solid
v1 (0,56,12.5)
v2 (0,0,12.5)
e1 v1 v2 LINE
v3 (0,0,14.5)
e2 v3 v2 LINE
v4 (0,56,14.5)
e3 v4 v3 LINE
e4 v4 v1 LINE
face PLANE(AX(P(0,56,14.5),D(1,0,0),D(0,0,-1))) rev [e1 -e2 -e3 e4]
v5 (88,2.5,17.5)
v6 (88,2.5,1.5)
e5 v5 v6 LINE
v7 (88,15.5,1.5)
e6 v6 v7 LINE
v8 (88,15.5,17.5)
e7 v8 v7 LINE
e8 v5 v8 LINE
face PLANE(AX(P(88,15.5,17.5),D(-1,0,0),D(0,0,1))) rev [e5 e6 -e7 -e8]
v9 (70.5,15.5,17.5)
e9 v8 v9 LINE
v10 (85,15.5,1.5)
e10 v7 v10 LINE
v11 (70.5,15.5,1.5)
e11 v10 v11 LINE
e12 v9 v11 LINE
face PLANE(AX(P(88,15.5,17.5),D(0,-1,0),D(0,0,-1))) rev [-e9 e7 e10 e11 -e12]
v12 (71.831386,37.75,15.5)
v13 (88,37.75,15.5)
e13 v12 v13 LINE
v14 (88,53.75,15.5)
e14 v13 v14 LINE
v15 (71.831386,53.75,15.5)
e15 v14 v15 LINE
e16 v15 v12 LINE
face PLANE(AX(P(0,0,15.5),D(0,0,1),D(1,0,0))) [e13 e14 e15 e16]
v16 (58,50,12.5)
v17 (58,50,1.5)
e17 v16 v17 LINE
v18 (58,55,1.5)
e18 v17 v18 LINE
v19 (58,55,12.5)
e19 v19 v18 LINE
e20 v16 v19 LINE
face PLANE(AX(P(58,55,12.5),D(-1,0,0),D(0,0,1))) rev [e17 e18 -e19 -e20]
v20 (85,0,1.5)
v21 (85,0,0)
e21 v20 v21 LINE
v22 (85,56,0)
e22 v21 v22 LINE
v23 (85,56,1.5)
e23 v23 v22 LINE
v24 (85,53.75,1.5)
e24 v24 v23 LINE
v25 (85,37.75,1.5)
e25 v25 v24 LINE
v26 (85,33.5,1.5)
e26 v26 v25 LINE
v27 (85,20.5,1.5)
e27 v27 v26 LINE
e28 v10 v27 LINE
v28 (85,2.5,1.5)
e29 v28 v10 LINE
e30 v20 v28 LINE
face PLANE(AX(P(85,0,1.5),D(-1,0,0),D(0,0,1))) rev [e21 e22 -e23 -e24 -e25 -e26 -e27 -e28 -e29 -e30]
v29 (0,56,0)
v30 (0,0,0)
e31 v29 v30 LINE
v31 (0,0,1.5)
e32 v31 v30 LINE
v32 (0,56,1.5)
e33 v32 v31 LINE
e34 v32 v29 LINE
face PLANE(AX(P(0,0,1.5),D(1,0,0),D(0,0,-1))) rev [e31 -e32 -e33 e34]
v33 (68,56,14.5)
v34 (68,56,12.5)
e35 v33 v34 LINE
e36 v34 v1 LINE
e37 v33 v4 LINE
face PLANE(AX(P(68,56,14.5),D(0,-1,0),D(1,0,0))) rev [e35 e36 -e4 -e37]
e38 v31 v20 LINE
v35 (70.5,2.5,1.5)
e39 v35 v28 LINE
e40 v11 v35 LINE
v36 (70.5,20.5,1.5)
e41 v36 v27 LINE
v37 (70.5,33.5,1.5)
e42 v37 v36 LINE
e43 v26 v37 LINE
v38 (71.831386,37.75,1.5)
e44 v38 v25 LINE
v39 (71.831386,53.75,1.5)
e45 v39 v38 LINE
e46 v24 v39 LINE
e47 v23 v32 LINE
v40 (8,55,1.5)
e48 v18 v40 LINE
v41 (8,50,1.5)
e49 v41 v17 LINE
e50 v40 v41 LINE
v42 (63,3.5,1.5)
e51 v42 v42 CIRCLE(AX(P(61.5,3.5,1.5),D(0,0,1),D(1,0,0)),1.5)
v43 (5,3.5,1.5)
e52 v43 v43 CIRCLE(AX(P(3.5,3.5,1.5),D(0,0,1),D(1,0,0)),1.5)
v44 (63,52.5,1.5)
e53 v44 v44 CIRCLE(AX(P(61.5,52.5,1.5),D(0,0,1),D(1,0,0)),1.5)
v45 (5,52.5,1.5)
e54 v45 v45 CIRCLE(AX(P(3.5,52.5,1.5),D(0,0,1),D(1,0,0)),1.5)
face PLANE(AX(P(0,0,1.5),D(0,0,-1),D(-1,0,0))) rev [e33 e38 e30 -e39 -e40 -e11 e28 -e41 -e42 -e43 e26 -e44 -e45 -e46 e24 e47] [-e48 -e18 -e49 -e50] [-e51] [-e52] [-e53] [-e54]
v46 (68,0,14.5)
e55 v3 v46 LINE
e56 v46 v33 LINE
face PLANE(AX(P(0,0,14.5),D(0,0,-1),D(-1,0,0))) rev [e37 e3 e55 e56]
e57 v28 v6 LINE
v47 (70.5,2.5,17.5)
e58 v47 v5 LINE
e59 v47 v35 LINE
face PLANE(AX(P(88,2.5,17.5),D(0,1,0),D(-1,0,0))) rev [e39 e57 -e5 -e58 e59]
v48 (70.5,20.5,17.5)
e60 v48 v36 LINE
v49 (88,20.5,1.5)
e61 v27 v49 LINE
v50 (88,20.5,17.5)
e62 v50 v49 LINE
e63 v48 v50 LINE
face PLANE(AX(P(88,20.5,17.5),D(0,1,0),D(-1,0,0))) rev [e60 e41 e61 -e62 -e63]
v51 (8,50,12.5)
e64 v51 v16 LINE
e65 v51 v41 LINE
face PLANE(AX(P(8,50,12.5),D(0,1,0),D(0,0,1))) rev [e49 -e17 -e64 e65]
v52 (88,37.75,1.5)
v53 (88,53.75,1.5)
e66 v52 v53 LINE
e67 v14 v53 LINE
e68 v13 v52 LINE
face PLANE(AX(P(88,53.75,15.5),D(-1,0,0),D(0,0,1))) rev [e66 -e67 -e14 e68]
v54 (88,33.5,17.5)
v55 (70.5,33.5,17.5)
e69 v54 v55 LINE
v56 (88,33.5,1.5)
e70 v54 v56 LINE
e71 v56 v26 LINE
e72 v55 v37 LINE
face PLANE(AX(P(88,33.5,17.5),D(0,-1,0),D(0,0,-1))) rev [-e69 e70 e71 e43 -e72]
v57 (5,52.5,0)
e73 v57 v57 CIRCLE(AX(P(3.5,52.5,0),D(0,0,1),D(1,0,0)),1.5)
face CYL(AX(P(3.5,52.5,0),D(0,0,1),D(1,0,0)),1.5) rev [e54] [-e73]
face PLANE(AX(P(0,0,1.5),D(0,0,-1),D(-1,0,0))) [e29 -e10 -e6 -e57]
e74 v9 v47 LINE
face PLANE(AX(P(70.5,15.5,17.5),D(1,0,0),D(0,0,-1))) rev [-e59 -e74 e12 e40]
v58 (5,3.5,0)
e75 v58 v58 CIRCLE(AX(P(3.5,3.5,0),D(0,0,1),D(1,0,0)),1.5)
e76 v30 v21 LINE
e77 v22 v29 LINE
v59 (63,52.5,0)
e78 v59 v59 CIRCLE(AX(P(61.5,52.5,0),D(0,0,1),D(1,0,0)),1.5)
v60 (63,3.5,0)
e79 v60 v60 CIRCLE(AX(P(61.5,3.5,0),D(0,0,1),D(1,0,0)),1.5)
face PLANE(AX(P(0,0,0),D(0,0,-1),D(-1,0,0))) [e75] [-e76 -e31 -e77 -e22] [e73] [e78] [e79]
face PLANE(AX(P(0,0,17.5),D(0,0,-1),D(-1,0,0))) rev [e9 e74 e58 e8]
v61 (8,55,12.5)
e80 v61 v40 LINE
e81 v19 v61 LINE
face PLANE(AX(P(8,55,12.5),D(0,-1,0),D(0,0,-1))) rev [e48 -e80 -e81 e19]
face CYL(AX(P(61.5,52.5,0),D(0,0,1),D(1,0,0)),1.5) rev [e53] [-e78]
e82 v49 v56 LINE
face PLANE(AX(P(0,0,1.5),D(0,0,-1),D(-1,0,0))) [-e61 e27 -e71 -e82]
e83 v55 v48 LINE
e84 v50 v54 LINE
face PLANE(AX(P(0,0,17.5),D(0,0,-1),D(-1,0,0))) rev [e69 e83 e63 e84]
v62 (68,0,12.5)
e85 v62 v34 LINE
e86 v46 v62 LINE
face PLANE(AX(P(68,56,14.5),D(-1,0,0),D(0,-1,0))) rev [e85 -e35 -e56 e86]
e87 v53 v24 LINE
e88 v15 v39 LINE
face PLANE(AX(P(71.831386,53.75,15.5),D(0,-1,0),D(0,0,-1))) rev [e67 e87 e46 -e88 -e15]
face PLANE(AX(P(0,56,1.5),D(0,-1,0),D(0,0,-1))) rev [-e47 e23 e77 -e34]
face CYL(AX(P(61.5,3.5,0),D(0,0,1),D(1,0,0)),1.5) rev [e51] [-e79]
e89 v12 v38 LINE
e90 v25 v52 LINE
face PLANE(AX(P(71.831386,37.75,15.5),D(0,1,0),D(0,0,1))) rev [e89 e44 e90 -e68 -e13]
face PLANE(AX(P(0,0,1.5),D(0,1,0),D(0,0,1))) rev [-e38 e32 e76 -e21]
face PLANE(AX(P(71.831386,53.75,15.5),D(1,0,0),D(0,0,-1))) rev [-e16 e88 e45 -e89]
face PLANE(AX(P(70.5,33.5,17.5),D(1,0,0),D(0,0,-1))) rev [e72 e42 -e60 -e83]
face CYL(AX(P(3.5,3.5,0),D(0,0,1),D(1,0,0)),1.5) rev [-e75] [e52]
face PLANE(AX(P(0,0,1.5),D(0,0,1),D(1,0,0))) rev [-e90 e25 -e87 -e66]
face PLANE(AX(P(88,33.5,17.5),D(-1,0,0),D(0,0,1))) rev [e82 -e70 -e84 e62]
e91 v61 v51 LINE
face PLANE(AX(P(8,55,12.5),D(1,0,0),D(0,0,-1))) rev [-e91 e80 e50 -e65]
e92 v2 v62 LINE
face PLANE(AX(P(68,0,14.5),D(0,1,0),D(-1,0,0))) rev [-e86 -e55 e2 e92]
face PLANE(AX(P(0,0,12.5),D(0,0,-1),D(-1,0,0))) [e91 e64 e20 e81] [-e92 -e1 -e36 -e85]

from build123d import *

# Parameters (mm, degrees)
SKETCH1_W           = 85
SKETCH1_H           = 56
BOSS_EXTRUDE1_DEPTH = 1.5
SKETCH2_R           = 1.5
CUT_EXTRUDE1_DEPTH  = 102.800049116
SKETCH3_W           = 17.5
SKETCH3_H           = 13
BOSS_EXTRUDE3_DEPTH = 16
SKETCH4_W           = 16.168614458
SKETCH4_H           = 16
BOSS_EXTRUDE4_DEPTH = 14
SKETCH5_W           = 50
SKETCH5_H           = 5
BOSS_EXTRUDE5_DEPTH = 11
SKETCH6_W           = 68
SKETCH6_H           = 56
BOSS_EXTRUDE6_DEPTH = 2


with BuildPart() as part:
    # Sketch1 → Boss-Extrude1 (new body)
    with BuildSketch(Plane.XY):
        with Locations((42.5, 28)):
            Rectangle(SKETCH1_W, SKETCH1_H)
    extrude(amount=BOSS_EXTRUDE1_DEPTH)

    # Sketch2 → Cut-Extrude1 (cut, through all)
    with BuildSketch(Plane.XY.offset(1.5)):
        with Locations((3.5, 52.5)):
            Circle(SKETCH2_R)
        with Locations((3.5, 3.5)):
            Circle(SKETCH2_R)
        with Locations((61.5, 52.5)):
            Circle(SKETCH2_R)
        with Locations((61.5, 3.5)):
            Circle(SKETCH2_R)
    extrude(amount=-CUT_EXTRUDE1_DEPTH, mode=Mode.SUBTRACT)

    # Sketch3 → Boss-Extrude3 (add)
    with BuildSketch(Plane.XY.offset(1.5)):
        with Locations((79.25, 9)):
            Rectangle(SKETCH3_W, SKETCH3_H)
        with Locations((79.25, 27)):
            Rectangle(SKETCH3_W, SKETCH3_H)
    extrude(amount=BOSS_EXTRUDE3_DEPTH)

    # Sketch4 → Boss-Extrude4 (add)
    with BuildSketch(Plane.XY.offset(1.5)):
        with Locations((79.915692771, 45.75)):
            Rectangle(SKETCH4_W, SKETCH4_H)
    extrude(amount=BOSS_EXTRUDE4_DEPTH)

    # Sketch5 → Boss-Extrude5 (add)
    with BuildSketch(Plane.XY.offset(1.5)):
        with Locations((33, 52.5)):
            Rectangle(SKETCH5_W, SKETCH5_H)
    extrude(amount=BOSS_EXTRUDE5_DEPTH)

    # Sketch6 → Boss-Extrude6 (add)
    with BuildSketch(Plane.XY.offset(12.5)):
        with Locations((34, 28)):
            Rectangle(SKETCH6_W, SKETCH6_H)
    extrude(amount=BOSS_EXTRUDE6_DEPTH)


solid = part.part
